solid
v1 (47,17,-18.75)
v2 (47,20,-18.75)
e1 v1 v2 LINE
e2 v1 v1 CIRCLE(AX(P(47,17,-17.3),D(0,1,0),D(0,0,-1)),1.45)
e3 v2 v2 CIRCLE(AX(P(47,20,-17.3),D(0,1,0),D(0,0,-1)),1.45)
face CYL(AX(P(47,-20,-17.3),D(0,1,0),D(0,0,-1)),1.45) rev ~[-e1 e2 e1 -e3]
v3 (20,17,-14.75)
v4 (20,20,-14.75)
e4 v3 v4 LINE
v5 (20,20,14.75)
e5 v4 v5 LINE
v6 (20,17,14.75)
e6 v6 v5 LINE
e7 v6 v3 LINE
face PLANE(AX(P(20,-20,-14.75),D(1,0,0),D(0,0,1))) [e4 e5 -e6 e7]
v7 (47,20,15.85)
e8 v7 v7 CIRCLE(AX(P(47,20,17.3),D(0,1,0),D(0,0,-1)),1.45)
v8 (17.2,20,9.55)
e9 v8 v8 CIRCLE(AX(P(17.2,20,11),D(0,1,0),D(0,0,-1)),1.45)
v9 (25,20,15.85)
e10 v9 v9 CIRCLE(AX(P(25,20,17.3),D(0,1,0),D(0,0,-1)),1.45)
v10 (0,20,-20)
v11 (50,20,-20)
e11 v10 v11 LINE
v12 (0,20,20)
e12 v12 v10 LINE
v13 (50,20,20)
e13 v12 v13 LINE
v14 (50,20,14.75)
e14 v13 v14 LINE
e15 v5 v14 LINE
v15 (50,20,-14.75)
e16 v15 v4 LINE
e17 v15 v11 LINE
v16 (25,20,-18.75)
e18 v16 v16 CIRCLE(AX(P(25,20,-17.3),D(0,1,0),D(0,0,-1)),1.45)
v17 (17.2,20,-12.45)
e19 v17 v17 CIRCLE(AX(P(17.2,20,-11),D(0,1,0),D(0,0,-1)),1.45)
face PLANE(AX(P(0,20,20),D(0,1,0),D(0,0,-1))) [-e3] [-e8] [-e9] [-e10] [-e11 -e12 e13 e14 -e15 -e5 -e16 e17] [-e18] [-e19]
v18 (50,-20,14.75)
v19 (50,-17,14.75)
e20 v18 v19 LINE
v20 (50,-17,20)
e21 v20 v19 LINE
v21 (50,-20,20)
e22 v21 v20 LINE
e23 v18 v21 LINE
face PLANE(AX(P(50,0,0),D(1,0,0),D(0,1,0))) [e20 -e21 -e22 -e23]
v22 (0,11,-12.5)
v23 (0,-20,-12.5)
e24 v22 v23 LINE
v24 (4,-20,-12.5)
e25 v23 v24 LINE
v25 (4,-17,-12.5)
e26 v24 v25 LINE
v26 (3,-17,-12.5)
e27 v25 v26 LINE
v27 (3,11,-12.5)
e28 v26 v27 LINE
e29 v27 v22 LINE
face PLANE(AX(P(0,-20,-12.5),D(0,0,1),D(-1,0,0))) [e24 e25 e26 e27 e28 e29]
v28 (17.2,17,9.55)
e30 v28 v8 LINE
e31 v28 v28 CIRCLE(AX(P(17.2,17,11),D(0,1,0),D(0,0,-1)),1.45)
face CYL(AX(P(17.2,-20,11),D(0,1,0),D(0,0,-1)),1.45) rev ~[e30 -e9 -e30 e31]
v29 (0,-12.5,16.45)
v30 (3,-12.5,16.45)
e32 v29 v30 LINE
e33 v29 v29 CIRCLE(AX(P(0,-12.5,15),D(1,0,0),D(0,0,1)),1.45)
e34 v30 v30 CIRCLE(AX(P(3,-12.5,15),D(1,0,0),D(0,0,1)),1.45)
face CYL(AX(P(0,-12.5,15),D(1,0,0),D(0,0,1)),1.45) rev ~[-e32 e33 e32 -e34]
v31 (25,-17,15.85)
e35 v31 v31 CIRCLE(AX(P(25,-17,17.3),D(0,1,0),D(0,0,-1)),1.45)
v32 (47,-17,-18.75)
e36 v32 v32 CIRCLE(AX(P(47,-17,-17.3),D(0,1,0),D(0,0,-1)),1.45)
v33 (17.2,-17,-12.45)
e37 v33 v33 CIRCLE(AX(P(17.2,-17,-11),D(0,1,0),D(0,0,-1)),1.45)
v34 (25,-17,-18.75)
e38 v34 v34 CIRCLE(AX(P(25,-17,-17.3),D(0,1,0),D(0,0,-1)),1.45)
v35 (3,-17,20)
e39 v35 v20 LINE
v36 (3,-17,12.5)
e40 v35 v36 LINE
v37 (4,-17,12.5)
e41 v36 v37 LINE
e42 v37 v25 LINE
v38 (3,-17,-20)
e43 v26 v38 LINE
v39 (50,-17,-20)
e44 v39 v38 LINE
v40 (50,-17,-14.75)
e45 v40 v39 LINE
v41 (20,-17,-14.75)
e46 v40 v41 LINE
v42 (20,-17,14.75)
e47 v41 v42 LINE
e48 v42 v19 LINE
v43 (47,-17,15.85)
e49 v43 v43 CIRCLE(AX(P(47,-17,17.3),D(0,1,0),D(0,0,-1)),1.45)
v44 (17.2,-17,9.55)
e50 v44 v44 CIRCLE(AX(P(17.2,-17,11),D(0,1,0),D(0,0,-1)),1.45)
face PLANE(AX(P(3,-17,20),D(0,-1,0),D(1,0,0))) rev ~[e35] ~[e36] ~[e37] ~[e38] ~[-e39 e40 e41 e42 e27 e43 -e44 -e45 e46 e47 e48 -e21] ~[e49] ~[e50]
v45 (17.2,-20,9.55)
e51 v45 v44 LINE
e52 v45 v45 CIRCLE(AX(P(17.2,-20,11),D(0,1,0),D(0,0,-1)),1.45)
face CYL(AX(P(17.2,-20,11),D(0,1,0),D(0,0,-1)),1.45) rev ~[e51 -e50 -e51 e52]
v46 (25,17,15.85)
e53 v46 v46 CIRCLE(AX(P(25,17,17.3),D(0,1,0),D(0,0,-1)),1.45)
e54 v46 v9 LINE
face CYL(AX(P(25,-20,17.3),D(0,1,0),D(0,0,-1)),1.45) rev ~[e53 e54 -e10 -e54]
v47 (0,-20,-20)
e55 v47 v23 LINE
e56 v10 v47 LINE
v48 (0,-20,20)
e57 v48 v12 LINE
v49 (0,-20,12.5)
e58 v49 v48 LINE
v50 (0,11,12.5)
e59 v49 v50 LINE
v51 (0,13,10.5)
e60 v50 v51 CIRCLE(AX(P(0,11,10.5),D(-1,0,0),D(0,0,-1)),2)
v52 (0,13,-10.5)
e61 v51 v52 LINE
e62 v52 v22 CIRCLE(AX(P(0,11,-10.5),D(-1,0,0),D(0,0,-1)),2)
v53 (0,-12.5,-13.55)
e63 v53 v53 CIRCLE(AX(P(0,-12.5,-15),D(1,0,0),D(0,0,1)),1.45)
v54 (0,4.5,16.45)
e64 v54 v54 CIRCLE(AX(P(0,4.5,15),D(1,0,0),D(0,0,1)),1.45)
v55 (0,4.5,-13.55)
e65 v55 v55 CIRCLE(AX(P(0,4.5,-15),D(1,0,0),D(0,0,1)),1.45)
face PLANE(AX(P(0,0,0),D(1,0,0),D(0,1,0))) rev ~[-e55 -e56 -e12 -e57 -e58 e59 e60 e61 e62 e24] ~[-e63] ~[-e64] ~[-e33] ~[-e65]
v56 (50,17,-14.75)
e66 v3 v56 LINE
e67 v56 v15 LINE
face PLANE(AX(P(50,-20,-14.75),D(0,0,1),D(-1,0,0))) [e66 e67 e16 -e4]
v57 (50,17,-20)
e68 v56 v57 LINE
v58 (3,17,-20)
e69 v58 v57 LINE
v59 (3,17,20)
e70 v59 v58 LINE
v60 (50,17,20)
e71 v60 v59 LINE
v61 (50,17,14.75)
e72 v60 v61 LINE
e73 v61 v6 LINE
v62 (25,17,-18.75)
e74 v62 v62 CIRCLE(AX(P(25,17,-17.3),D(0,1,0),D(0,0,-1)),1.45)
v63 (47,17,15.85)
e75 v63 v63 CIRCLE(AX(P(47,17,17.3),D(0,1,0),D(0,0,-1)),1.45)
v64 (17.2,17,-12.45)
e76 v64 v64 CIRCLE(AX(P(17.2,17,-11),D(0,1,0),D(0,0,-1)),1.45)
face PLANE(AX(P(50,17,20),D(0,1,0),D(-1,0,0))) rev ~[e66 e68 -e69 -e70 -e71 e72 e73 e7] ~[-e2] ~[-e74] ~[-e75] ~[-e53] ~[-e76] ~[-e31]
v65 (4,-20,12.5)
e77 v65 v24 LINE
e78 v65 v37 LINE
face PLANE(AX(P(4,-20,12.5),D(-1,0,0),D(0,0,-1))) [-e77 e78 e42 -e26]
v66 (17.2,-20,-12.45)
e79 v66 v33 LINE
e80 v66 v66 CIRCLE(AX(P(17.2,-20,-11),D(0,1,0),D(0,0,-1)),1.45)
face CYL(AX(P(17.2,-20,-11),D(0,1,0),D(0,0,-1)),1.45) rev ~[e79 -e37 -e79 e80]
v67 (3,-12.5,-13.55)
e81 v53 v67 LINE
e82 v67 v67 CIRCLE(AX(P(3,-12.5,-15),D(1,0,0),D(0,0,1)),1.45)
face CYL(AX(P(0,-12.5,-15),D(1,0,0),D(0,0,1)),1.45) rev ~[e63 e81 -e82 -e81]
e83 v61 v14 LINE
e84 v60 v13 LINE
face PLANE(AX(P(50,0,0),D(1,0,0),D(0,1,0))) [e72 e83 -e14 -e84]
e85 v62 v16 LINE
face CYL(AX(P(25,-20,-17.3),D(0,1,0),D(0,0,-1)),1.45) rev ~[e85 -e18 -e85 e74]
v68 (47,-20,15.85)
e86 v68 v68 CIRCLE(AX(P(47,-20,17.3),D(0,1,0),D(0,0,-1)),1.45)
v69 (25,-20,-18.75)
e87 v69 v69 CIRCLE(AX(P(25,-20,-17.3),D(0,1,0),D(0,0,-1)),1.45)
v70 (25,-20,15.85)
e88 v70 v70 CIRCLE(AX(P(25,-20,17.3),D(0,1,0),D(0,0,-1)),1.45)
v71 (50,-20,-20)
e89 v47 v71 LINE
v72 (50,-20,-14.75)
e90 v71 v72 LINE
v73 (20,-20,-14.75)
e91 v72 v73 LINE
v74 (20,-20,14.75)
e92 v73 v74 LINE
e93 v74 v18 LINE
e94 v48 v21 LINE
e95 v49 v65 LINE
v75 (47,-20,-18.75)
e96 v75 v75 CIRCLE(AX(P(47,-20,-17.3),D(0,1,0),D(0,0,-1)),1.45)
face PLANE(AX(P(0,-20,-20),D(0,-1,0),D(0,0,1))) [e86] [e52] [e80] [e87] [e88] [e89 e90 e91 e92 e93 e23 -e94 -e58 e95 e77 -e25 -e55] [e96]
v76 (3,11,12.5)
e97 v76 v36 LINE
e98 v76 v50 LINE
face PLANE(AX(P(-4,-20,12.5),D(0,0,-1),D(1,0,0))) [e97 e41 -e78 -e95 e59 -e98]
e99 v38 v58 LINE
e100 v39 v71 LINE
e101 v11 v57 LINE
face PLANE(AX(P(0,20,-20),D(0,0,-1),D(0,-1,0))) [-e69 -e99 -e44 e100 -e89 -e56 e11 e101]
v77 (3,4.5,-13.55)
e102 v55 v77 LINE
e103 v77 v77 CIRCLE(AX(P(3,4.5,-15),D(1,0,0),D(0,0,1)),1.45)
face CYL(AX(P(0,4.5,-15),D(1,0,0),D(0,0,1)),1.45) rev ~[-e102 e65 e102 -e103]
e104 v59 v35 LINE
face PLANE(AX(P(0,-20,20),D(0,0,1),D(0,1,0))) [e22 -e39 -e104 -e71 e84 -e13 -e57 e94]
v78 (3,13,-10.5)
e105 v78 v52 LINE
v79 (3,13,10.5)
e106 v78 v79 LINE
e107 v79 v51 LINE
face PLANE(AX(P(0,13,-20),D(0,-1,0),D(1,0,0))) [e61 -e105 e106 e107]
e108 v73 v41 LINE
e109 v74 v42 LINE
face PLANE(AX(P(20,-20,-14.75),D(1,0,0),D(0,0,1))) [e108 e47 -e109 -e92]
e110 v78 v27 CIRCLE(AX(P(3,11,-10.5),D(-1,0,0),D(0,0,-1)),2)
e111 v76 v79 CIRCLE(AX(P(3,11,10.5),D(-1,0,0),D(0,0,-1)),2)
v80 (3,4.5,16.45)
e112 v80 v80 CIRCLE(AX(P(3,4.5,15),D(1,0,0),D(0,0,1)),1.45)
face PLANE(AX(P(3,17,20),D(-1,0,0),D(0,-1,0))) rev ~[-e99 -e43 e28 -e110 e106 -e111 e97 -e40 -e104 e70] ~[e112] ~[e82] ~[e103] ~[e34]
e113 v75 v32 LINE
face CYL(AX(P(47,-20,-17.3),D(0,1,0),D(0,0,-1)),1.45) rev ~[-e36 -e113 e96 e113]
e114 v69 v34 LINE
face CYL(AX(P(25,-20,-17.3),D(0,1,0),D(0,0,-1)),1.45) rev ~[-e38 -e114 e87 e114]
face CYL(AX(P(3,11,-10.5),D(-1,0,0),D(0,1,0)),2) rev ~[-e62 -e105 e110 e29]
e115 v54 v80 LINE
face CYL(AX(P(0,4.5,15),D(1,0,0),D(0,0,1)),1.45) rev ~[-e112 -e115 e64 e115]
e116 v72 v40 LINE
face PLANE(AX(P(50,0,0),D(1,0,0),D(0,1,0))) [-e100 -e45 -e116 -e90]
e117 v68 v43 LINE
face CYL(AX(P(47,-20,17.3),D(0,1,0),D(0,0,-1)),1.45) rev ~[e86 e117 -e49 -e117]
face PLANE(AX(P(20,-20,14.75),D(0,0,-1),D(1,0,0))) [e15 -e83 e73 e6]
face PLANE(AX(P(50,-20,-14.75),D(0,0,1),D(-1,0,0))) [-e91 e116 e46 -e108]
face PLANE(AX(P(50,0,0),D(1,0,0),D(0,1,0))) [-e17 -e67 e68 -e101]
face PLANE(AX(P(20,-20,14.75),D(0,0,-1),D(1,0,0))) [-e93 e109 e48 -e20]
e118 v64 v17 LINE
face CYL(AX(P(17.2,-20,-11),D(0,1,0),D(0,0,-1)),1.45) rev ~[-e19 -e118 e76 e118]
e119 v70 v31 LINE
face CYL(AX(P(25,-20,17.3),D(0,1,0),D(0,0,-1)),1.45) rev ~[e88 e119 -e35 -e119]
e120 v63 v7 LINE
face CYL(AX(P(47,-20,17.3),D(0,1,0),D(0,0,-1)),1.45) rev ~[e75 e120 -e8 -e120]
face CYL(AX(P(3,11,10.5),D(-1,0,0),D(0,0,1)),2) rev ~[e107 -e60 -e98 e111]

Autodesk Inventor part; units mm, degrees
ref_plane "YZ Plane" through (0, 0, 0) normal (1, 0, 0) x (0, 1, 0)
ref_plane "XZ Plane" through (0, 0, 0) normal (0, 1, 0) x (-1, 0, 0)
ref_plane "XY Plane" through (0, 0, 0) normal (0, 0, 1) x (1, 0, 0)
sketch "Skizze1" plane through (0, 0, 0) normal (1, 0, 0) x (0, 1, 0)
  line L0 (-20, 20) -> (20, 20)
  line L1 (20, 20) -> (20, -20)
  line L2 (20, -20) -> (-20, -20)
  line L3 (-20, -20) -> (-20, 20)
  line L4 (-20, 20) -> (20, -20) construction
  line L5 (20, 20) -> (-20, -20) construction
  point P0 (0, 0)
  dimension "d0" = 40
  dimension "d1" = 40
extrude "Extrusion1" add sketch "Skizze1" along normal blind 50
sketch "Skizze2" plane through (0, -20, 20) normal (0, 0, 1) x (1, 0, 0)
  line L0 (0, 0) -> (0, 40) projected
  line L1 (0, 0) -> (50, 0) projected
  line L2 (50, 40) -> (50, 0) projected
  line L3 (0, 40) -> (50, 40) projected
  line L4 (50, 40) -> (50, 0) projected
  line L5 (50, 37) -> (3, 37)
  line L6 (3, 37) -> (3, 3)
  line L7 (3, 3) -> (50, 3)
  line L8 (50, 3) -> (50, 37)
  point P0 (0, 20)
  dimension "d4" = 3
  dimension "d5" = 3
  dimension "d6" = 3
extrude "Extrusion2" cut sketch "Skizze2" against normal through all contours L7 L6 L5 L2
sketch "Skizze3" plane through (0, -20, -20) normal (0, -1, 0) x (1, 0, 0)
  line L0 (0, 0) -> (0, 40) projected
  line L1 (0, 0) -> (50, 0) projected
  line L2 (50, 40) -> (50, 0) projected
  line L3 (0, 40) -> (50, 40) projected
  line L4 (0, 20) -> (44.7617, 20) construction
  line L5 (20, 34.75) -> (50, 34.75)
  line L6 (50, 34.75) -> (50, 5.25)
  line L7 (50, 5.25) -> (20, 5.25)
  line L8 (20, 5.25) -> (20, 34.75)
  line L9 (20, 34.75) -> (50, 5.25) construction
  line L10 (50, 34.75) -> (20, 5.25) construction
  point P0 (35, 20)
  dimension "d9" = 29.5
  dimension "d10" = 30
extrude "Extrusion3" cut sketch "Skizze3" against normal blind 40 contours L7 L8 L5 L2
sketch "Skizze4" plane through (0, -20, -20) normal (0, -1, 0) x (1, 0, 0)
  line L0 (50, 5.25) -> (20, 5.25) projected
  line L1 (20, 5.25) -> (20, 34.75) projected
  line L2 (20, 34.75) -> (50, 34.75) projected
  line L3 (50, 40) -> (50, 34.75) projected
  line L4 (0, 40) -> (50, 40) projected
  line L5 (0, 0) -> (0, 40) projected
  line L6 (0, 0) -> (50, 0) projected
  line L7 (50, 5.25) -> (50, 0) projected
  line L8 (0, 20) -> (84.4351, 20) construction
  point P0 (25, 37.3)
  point P1 (25, 2.7)
  point P2 (17.2, 31)
  point P3 (17.2, 9)
  point P4 (47, 37.3)
  point P5 (47, 2.7)
  dimension "d13" = 5
  dimension "d14" = 5
  dimension "d15" = 34.6
  dimension "d16" = 17.3
  dimension "d17" = 22
  dimension "d18" = 11
  dimension "d19" = 2.8
  dimension "d20" = 2.8
  dimension "d47" = 17.3
  dimension "d48" = 17.3
  dimension "d49" = 22
  dimension "d50" = 22
hole "Bohrung1" at (25, -20, 17.3) at (25, -20, -17.3) at (17.2, -20, 11) at (17.2, -20, -11) at (47, -20, 17.3) at (47, -20, -17.3) direction (0, 1, 0) diameter 2.9 end through all clearance for "Inbusschraube ISO 4762" size "M2.5" standard "ISO"
sketch "Skizze5" plane through (0, -20, -20) normal (0, -1, 0) x (1, 0, 0)
  line L0 (-4, 32.5) -> (4, 32.5)
  line L1 (4, 32.5) -> (4, 7.5)
  line L2 (4, 7.5) -> (-4, 7.5)
  line L3 (-4, 7.5) -> (-4, 32.5)
  line L4 (-4, 32.5) -> (4, 7.5) construction
  line L5 (4, 32.5) -> (-4, 7.5) construction
  circle A0 centre (17.2, 31) radius 1.45 projected
  circle A1 centre (25, 37.3) radius 1.45 projected
  circle A2 centre (25, 2.7) radius 1.45 projected
  circle A3 centre (17.2, 9) radius 1.45 projected
  line L6 (50, 5.25) -> (20, 5.25) projected
  line L7 (20, 5.25) -> (20, 34.75) projected
  line L8 (20, 34.75) -> (50, 34.75) projected
  line L9 (50, 40) -> (50, 34.75) projected
  line L10 (0, 40) -> (50, 40) projected
  line L11 (0, 0) -> (0, 40) projected
  line L12 (0, 0) -> (50, 0) projected
  line L13 (50, 5.25) -> (50, 0) projected
  point P0 (0, 20)
  dimension "d28" = 25
  dimension "d30" = 4
extrude "Extrusion4" cut sketch "Skizze5" against normal blind 33 contours L0 L11 L2 L3 | L0 L1 L2 L11
sketch "Skizze6" plane through (0, 0, 0) normal (-1, 0, 0) x (0, 0, 1)
  line L0 (0, -27.3201) -> (0, 32.8288) construction
  line L1 (-15, -12.5) -> (15, -12.5) construction
  line L2 (15, -12.5) -> (15, 4.5) construction
  line L3 (15, 4.5) -> (-15, 4.5) construction
  line L4 (-15, 4.5) -> (-15, -12.5) construction
  line L5 (-15, -12.5) -> (15, 4.5) construction
  line L6 (15, -12.5) -> (-15, 4.5) construction
  point P0 (0, 0)
  point P1 (0, -4)
  dimension "d34" = 17
  dimension "d44" = 4
  dimension "d45" = 30
hole "Bohrung2" at (0, 4.5, -15) at (0, -12.5, -15) at (0, 4.5, 15) at (0, -12.5, 15) direction (1, 0, 0) diameter 2.9 end through all clearance for "Inbusschraube ISO 4762" size "M2.5" standard "ISO"
fillet "Rundung1" radius 2 2 edges at (1.5, 13, 12.5) (1.5, 13, -12.5)
equation "\"d5\" = d4"
equation "\"d13\" = d14"
equation "\"d16\" = 0.5 * d15"
equation "\"d18\" = 0.5 * d17"
equation "\"d20\" = d19"
equation "\"d47\" = d16"
equation "\"d48\" = d16"
equation "\"d50\" = d49"
properties part number "connection_linkFour" material "Aluminium 6061"
